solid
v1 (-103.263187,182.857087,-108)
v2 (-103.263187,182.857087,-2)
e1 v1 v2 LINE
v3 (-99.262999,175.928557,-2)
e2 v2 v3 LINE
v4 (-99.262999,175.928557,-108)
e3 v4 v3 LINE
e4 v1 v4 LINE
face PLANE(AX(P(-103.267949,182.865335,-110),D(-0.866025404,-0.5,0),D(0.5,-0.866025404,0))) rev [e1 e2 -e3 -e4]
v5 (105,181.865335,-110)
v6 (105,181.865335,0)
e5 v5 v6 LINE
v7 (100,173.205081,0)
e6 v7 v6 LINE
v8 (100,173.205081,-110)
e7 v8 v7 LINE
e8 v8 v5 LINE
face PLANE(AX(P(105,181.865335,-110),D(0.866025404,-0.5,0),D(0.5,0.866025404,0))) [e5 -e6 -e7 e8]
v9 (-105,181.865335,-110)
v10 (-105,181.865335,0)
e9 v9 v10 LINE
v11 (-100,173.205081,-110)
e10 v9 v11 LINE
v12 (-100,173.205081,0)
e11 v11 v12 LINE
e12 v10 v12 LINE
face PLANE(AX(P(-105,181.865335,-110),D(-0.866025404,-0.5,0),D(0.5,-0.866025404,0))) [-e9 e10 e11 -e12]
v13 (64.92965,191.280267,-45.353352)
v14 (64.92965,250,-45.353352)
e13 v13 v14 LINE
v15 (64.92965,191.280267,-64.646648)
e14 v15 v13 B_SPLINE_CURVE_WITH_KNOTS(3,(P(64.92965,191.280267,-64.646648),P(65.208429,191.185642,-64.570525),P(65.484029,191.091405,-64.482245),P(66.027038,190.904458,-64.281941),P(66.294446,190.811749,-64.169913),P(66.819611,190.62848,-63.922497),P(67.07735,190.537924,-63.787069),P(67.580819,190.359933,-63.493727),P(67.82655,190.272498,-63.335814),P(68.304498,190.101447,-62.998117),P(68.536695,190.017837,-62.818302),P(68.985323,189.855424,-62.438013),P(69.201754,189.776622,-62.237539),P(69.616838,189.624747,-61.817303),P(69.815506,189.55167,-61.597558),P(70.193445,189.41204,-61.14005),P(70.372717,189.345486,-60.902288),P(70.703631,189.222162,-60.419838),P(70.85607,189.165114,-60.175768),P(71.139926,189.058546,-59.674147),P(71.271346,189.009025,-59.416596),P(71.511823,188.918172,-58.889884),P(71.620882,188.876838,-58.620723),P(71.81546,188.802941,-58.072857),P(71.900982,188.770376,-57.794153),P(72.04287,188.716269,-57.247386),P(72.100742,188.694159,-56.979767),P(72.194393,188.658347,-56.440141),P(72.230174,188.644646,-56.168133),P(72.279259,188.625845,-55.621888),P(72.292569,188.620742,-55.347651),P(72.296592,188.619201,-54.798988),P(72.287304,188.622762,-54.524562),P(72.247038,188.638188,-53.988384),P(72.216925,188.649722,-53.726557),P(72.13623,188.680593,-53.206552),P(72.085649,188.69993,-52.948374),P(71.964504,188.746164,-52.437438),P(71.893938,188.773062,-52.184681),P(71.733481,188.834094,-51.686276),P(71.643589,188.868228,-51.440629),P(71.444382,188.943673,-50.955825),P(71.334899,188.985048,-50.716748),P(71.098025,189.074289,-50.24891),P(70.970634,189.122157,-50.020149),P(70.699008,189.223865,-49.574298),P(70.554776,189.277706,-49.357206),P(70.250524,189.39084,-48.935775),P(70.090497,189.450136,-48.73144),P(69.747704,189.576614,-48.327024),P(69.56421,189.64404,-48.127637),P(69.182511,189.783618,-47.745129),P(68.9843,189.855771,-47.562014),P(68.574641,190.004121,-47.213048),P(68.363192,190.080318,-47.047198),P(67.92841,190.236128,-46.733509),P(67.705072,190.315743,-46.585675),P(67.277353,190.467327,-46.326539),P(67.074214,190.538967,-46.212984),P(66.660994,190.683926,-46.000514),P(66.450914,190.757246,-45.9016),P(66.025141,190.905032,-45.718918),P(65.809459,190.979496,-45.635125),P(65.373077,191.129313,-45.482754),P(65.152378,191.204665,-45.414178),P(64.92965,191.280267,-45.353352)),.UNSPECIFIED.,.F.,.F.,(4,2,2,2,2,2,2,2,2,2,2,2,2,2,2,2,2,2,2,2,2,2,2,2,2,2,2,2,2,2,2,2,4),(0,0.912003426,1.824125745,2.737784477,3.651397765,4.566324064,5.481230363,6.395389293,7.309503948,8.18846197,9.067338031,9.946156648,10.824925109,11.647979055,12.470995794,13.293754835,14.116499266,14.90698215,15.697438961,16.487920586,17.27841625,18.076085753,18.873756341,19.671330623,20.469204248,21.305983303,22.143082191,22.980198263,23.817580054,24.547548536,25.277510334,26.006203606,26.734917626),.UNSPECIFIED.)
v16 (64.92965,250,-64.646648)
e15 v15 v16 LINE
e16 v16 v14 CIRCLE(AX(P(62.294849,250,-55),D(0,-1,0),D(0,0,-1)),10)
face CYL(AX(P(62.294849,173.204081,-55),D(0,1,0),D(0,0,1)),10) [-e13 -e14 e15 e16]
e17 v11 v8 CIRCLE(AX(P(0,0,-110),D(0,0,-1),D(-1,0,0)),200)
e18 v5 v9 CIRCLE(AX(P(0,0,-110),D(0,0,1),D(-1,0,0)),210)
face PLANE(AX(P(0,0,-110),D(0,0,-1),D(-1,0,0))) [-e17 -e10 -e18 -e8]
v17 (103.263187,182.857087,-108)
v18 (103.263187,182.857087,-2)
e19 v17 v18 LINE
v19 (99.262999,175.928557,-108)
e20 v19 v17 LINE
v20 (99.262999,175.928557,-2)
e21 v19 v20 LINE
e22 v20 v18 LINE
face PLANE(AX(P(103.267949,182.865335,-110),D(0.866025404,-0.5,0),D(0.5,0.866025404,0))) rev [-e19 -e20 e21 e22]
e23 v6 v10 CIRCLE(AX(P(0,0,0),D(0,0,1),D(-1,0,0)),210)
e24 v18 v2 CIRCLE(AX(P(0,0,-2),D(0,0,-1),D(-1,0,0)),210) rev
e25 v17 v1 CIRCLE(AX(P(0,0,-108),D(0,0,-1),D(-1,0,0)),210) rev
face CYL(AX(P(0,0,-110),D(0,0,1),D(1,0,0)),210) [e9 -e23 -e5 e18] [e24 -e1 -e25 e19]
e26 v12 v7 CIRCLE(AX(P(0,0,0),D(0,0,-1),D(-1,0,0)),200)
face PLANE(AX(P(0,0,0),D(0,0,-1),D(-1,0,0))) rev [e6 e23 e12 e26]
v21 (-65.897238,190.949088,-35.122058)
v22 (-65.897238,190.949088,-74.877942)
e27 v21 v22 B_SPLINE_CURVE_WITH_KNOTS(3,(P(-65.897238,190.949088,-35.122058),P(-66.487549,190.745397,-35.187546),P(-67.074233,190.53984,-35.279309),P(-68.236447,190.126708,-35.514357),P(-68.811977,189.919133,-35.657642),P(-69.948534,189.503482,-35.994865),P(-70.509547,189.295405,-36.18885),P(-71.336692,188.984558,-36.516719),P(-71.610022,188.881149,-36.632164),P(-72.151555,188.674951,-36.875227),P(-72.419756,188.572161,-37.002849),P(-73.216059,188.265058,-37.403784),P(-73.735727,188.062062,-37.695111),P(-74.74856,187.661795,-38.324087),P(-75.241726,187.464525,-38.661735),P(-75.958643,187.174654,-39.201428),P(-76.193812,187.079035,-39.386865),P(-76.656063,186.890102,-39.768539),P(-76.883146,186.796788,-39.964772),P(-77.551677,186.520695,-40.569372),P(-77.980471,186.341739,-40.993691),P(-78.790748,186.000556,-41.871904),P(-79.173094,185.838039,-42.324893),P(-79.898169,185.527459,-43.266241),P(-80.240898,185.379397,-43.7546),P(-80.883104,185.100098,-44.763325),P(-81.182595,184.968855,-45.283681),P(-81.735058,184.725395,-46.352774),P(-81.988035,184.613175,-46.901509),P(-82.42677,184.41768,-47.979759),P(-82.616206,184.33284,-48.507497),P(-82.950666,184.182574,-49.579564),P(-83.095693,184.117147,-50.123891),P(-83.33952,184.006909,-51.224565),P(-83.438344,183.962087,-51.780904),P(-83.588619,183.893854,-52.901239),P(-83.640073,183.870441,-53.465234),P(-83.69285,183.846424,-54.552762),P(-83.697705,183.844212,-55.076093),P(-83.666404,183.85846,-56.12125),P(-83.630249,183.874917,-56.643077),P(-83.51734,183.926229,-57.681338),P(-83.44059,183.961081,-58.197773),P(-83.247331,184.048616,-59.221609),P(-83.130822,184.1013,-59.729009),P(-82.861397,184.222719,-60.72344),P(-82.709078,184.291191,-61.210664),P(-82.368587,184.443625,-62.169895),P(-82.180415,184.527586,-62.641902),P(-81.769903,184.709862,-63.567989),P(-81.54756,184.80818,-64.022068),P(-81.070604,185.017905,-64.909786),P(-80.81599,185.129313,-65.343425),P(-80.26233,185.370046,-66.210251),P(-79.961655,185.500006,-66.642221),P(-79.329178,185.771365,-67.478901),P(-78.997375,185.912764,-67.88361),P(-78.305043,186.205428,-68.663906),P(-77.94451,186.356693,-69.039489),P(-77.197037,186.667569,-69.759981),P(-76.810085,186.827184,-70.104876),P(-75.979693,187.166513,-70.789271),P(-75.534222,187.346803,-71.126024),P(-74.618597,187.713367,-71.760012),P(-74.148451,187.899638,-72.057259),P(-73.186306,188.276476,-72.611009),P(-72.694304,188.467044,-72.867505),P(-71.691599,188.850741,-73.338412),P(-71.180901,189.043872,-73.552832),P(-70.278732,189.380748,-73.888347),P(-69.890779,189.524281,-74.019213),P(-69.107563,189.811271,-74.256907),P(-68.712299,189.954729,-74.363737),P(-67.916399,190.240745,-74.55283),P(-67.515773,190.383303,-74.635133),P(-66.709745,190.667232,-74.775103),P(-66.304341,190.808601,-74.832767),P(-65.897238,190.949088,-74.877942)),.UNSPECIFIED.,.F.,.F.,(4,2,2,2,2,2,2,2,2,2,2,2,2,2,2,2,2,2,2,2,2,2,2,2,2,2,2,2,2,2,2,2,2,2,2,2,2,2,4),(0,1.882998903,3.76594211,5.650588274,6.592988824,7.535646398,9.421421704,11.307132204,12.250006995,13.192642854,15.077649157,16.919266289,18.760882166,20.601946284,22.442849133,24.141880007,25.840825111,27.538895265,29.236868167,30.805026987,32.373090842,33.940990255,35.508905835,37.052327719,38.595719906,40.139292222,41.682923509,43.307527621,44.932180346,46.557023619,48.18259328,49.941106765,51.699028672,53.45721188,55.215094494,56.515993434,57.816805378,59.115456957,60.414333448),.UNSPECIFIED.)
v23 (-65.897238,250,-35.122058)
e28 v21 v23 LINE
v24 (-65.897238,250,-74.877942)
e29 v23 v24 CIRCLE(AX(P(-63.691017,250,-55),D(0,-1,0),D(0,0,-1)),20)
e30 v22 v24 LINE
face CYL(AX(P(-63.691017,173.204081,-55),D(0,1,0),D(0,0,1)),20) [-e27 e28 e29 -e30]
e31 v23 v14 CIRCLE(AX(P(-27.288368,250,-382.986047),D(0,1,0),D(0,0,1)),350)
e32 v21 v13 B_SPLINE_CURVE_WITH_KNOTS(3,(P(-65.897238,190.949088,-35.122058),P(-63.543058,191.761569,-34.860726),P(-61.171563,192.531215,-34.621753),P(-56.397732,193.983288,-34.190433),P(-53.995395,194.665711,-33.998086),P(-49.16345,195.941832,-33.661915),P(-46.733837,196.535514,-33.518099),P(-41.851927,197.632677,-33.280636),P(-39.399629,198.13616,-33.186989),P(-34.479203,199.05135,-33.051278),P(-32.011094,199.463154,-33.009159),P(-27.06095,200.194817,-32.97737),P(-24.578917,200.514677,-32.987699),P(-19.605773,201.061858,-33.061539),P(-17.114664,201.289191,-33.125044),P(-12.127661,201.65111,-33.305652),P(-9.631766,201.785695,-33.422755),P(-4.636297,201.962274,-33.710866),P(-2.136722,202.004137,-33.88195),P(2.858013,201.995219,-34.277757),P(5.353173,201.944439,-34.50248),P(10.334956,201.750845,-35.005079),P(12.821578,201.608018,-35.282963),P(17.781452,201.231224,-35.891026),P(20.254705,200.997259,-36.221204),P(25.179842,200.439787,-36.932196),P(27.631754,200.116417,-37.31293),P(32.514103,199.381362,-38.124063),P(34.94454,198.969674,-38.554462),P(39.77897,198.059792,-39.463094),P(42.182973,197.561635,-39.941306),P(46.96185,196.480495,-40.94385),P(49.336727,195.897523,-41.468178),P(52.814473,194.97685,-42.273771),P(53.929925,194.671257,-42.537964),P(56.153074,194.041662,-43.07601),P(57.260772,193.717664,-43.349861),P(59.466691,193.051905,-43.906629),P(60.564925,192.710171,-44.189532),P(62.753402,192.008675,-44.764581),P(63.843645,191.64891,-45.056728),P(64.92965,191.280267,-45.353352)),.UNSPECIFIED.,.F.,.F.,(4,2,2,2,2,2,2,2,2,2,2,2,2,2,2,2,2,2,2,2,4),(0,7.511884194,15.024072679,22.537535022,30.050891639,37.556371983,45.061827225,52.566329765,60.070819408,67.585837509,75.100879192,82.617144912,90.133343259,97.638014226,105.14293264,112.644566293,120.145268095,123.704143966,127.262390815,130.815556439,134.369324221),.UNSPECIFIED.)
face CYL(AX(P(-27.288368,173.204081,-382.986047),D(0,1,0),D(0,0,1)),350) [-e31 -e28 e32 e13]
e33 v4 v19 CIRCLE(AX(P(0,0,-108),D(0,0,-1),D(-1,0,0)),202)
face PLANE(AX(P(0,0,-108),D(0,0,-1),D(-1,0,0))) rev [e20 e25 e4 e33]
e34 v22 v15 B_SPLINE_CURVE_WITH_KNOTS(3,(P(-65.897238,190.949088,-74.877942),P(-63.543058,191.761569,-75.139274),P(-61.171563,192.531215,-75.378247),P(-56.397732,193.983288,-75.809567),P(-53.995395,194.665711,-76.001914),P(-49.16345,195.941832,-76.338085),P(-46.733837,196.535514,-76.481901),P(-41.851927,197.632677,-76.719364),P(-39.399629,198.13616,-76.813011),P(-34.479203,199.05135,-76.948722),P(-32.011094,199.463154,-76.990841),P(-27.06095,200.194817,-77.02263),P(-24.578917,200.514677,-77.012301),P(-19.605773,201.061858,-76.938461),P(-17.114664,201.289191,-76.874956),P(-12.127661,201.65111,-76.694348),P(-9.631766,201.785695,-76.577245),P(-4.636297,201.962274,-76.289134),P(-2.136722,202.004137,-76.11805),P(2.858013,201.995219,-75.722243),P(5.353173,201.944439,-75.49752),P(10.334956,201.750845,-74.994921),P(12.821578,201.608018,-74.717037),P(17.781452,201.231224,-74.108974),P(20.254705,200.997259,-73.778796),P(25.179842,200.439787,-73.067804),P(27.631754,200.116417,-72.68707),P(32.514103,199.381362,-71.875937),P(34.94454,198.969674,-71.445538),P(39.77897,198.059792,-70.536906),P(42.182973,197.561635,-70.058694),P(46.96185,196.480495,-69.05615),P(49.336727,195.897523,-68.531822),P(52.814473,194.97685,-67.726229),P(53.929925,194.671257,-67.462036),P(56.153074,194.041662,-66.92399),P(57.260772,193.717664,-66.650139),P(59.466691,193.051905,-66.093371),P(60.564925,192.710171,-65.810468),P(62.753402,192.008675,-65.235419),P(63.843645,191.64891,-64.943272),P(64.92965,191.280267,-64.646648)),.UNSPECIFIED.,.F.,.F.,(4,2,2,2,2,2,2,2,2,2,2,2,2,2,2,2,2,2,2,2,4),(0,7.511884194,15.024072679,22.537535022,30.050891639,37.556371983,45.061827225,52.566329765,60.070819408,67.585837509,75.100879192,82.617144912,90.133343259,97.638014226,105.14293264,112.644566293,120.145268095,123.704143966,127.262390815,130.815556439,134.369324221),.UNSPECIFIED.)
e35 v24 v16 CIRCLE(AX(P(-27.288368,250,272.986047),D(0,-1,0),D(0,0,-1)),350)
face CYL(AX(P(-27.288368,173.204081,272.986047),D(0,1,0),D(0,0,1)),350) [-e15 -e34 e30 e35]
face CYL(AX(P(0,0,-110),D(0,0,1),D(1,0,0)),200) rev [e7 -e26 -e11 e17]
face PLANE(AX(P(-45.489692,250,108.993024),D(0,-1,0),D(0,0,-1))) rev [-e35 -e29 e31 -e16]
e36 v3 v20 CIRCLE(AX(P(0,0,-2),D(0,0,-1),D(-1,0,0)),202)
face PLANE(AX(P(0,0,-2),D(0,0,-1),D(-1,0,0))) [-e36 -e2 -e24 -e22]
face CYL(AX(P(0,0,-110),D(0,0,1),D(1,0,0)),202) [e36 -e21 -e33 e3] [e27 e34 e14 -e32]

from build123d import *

# Parameters (mm, degrees)
BOSS_EXTRUDE1_DEPTH      = 110
SHELL1_T                 = -2
BOSS_EXTRUDE2_REACH      = 172.36
BOSS_EXTRUDE2_END_RADIUS = 202


with BuildPart() as part:
    # Sketch1 → Boss-Extrude1 (new body)
    with BuildSketch(Plane.XY):
        with BuildLine():
            Line((-105, 181.865334795), (-100, 173.205080757))
            ThreePointArc((-100, 173.205080757), (0, 200), (100, 173.205080757))
            Line((100, 173.205080757), (105, 181.865334795))
            ThreePointArc((105, 181.865334795), (0, 210), (-105, 181.865334795))
        make_face()
    extrude(amount=-BOSS_EXTRUDE1_DEPTH)

    # Shell1
    shell1_openings = [part.faces().sort_by_distance(p)[0] for p in [
        (0, 210, -55),
    ]]
    offset(amount=SHELL1_T, openings=shell1_openings, kind=Kind.INTERSECTION)

    # Boss-Extrude2: up to this cylinder (the profile starts outside it)
    boss_extrude2_end = Plane(origin=(0, 0, -55), z_dir=(0, 0, 1)) * Cylinder(BOSS_EXTRUDE2_END_RADIUS, 749.72, mode=Mode.PRIVATE)
    # Sketch2 → Boss-Extrude2 (add, up to the surface)
    with BuildSketch(Plane(origin=(0, 250, 0), x_dir=(1, 0, 0), z_dir=(0, 1, 0)), mode=Mode.PRIVATE) as boss_extrude2_sk1:
        with BuildLine():
            ThreePointArc((-65.897237959, 35.122057745), (-83.691016821, 55), (-65.897237959, 74.877942255))
            ThreePointArc((-65.897237959, 74.877942255), (0, 75.948538311), (64.929649868, 64.646648447))
            ThreePointArc((64.929649868, 64.646648447), (72.294849357, 55), (64.929649868, 45.353351553))
            ThreePointArc((64.929649868, 45.353351553), (0, 34.051461689), (-65.897237959, 35.122057745))
        make_face()
    boss_extrude2_tool1 = extrude(boss_extrude2_sk1.sketch, amount=-BOSS_EXTRUDE2_REACH, mode=Mode.PRIVATE) - boss_extrude2_end
    add(boss_extrude2_tool1.solids().sort_by_distance((-11.41561, 250, -55))[0])


solid = part.part
